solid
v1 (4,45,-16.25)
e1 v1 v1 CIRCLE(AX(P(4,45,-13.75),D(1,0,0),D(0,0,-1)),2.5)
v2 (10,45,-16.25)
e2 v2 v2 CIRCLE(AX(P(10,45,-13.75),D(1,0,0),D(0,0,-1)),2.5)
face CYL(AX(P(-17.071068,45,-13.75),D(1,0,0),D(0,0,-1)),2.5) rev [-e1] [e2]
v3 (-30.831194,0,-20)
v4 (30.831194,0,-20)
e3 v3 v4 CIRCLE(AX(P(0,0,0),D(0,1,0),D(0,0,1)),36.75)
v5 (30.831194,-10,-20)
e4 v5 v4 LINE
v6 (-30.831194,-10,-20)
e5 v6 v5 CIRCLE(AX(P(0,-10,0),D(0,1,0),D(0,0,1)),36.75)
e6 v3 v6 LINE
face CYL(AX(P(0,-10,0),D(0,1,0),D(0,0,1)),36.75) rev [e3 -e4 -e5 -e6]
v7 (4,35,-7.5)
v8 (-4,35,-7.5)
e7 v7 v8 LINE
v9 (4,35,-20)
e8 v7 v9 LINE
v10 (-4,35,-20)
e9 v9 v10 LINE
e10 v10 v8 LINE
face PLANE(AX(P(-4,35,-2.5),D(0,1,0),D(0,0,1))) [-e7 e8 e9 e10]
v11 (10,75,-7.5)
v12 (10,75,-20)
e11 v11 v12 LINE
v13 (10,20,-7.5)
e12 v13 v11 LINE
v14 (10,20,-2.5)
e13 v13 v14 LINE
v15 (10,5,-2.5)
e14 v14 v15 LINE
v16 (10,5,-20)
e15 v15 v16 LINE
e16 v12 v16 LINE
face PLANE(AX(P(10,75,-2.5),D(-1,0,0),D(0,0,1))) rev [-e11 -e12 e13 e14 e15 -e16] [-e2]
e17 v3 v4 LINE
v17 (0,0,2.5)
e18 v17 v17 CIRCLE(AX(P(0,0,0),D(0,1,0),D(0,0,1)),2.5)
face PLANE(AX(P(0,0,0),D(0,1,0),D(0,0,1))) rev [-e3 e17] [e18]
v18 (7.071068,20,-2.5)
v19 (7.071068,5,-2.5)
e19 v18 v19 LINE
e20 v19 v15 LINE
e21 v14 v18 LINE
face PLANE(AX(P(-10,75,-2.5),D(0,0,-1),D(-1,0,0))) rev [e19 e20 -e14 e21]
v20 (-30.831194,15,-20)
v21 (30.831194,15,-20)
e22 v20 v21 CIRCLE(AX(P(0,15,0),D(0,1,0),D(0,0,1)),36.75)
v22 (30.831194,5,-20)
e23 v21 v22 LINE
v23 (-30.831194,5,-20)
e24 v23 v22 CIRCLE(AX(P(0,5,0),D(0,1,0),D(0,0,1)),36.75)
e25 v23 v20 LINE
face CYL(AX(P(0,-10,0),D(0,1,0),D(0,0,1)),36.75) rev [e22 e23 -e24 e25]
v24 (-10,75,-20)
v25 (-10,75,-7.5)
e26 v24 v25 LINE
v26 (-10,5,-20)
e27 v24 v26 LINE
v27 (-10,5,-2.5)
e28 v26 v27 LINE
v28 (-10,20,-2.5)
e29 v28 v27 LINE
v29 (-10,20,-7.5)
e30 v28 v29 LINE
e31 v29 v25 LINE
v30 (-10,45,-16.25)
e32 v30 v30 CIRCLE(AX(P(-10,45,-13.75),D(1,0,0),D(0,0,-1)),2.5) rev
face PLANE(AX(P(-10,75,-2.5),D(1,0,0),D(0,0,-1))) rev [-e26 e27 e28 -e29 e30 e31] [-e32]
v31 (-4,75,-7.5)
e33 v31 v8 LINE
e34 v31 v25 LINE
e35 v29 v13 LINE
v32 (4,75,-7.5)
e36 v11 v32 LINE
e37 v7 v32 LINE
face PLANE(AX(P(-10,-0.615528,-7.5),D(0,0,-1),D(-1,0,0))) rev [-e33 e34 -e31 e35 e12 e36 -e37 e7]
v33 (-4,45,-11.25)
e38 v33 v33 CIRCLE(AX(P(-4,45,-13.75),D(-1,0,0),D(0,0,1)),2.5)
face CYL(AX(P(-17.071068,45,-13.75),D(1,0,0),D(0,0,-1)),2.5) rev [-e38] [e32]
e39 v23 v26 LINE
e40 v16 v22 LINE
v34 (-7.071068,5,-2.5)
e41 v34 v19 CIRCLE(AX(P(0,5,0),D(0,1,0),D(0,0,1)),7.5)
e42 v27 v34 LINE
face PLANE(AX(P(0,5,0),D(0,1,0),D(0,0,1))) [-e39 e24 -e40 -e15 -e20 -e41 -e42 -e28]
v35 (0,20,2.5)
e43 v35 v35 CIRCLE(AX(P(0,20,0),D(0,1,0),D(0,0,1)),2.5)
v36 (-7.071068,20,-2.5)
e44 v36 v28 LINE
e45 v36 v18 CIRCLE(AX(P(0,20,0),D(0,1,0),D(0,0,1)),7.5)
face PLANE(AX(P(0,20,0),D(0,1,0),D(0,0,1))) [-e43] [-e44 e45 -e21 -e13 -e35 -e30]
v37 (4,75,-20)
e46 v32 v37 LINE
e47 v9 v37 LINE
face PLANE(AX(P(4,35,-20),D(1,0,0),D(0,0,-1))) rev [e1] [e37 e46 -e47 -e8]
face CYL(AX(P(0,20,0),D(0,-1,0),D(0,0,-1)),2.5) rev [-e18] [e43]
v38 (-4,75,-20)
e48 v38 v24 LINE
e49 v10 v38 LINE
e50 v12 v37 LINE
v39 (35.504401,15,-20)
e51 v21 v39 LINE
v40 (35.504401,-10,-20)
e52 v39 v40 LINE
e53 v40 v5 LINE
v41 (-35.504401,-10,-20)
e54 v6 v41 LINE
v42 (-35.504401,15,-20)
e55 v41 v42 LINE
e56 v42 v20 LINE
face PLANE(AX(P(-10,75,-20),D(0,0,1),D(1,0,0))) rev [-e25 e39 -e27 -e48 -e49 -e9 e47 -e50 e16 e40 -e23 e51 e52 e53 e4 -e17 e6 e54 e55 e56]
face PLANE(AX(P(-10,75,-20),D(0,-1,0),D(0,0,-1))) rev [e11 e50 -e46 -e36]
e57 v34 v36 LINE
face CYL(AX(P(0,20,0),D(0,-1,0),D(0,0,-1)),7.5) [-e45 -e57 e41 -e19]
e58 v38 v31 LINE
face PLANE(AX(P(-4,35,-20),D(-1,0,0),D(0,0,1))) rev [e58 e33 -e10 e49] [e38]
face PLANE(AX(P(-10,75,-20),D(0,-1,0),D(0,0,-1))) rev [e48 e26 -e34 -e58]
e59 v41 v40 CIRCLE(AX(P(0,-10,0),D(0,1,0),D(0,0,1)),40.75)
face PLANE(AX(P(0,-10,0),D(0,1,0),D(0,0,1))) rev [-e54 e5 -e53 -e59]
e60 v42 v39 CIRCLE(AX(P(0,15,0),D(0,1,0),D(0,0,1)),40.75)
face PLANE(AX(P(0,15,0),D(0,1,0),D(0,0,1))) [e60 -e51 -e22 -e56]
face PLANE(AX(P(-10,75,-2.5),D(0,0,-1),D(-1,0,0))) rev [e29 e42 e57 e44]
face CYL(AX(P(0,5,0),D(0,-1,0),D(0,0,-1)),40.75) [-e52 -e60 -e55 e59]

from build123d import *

# Parameters (mm, degrees)
SKETCH_1_R                      = 7.5
SKETCH_1_R_2                    = 2.5
EXTRUDE_1_DEPTH                 = 20
SKETCH_2_R                      = 40.75
SKETCH_2_R_2                    = 2.5
EXTRUDE_2_DEPTH                 = 5
EXTRUDE_T_DEPTH                 = 10
EXTRUDE_T_DEPTH_BACK            = 15
SKETCH_3_R                      = 40.75
SKETCH_3_R_2                    = 36.75
SKETCH_4_W                      = 20
SKETCH_4_H                      = 17.5
EXTRUDE_4_DEPTH                 = 70
SKETCH_6_W                      = 8
SKETCH_6_H                      = 17.5
CUT_EXTRUDE_5_DEPTH             = 40
CUT_EXTRUDE_6_REACH             = 101.303
SKETCH_7_R                      = 2.5
CUT_EXTRUDE_7_REACH             = 96.584
SKETCH_8_W                      = 71.008802272
SKETCH_8_H                      = 20.75
CUT_EXTRUDE_7_DIRECTION_2_REACH = 96.584
CUT_EXTRUDE_START               = -55
SKETCH_9_W                      = 20
SKETCH_9_H                      = 5
CUT_EXTRUDE_8_DEPTH             = 55


with BuildPart() as part:
    # Эскиз1 → Вытянуть1 (new body)
    with BuildSketch(Plane(origin=(0, 0, 0), x_dir=(1, 0, 0), z_dir=(0, 1, 0))):
        with Locations(Location((0, 0, 0), (0, 0, 270))):
            Circle(SKETCH_1_R)
        with Locations(Location((0, 0, 0), (0, 0, 270))):
            Circle(SKETCH_1_R_2, mode=Mode.SUBTRACT)
    extrude(amount=EXTRUDE_1_DEPTH)

    # Эскиз2 → Вытянуть2 (add)
    with BuildSketch(Plane(origin=(0, 0, 0), x_dir=(1, 0, 0), z_dir=(0, 1, 0))):
        with Locations(Location((0, 0, 0), (0, 0, 270))):
            Circle(SKETCH_2_R)
        with Locations(Location((0, 0, 0), (0, 0, 270))):
            Circle(SKETCH_2_R_2, mode=Mode.SUBTRACT)
    extrude(amount=EXTRUDE_2_DEPTH)

    # Эскиз3 → t (add, two sides: drawn at the far end of the back side and taken through both)
    with BuildSketch(Plane(origin=(0, 5, 0), x_dir=(1, 0, 0), z_dir=(0, 1, 0)).offset(-EXTRUDE_T_DEPTH_BACK)):
        with Locations(Location((0, 0, 0), (0, 0, 270))):
            Circle(SKETCH_3_R)
        with Locations(Location((0, 0, 0), (0, 0, 270))):
            Circle(SKETCH_3_R_2, mode=Mode.SUBTRACT)
    extrude(amount=EXTRUDE_T_DEPTH + EXTRUDE_T_DEPTH_BACK)

    # Эскиз4 → Вытянуть4 (add)
    with BuildSketch(Plane(origin=(0, 5, 0), x_dir=(1, 0, 0), z_dir=(0, 1, 0))):
        with Locations((0, 11.25)):
            Rectangle(SKETCH_4_W, SKETCH_4_H)
    extrude(amount=EXTRUDE_4_DEPTH)

    # Эскиз6 → Вытянуть5 (cut)
    with BuildSketch(Plane(origin=(0, 75, 0), x_dir=(1, 0, 0), z_dir=(0, 1, 0))):
        with Locations((0, 11.25)):
            Rectangle(SKETCH_6_W, SKETCH_6_H)
    extrude(amount=-CUT_EXTRUDE_5_DEPTH, mode=Mode.SUBTRACT)

    # Вытянуть6: up to this face of the body (flat: up to its plane)
    cut_extrude_6_end = Plane(part.part.faces().sort_by_distance((-10, 40, -11.25))[0])
    # Эскиз7 → Вытянуть6 (cut, up to the picked face)
    with BuildSketch(Plane(origin=(10, 0, 0), x_dir=(0, 0, -1), z_dir=(1, 0, 0)), mode=Mode.PRIVATE) as cut_extrude_6_sk1:
        with Locations((13.75, 45)):
            Circle(SKETCH_7_R)
    cut_extrude_6_tool1 = split(extrude(cut_extrude_6_sk1.sketch, amount=-CUT_EXTRUDE_6_REACH, mode=Mode.PRIVATE), bisect_by=cut_extrude_6_end, keep=Keep.BOTH, mode=Mode.PRIVATE)
    add(cut_extrude_6_tool1.solids().sort_by(Axis((10, 45, -13.75), (-1, 0, 0)))[0], mode=Mode.SUBTRACT)

    # Эскиз8 → Вытянуть7 (cut, up to next)
    with BuildSketch(Plane(origin=(0, 0, 0), x_dir=(1, 0, 0), z_dir=(0, 1, 0)), mode=Mode.PRIVATE) as cut_extrude_7_sk1:
        with Locations((0, 30.375)):
            Rectangle(SKETCH_8_W, SKETCH_8_H)
    cut_extrude_7_tool1 = extrude(cut_extrude_7_sk1.sketch, amount=CUT_EXTRUDE_7_REACH, mode=Mode.PRIVATE) & part.part
    add(cut_extrude_7_tool1.solids().sort_by_distance((0, 0, -30.375))[0], mode=Mode.SUBTRACT)

    # Эскиз8 → Вытянуть7 direction 2 (cut, up to next)
    with BuildSketch(Plane(origin=(0, 0, 0), x_dir=(1, 0, 0), z_dir=(0, 1, 0)), mode=Mode.PRIVATE) as cut_extrude_7_direction_2_sk1:
        with Locations((0, 30.375)):
            Rectangle(SKETCH_8_W, SKETCH_8_H)
    cut_extrude_7_direction_2_tool1 = extrude(cut_extrude_7_direction_2_sk1.sketch, amount=-CUT_EXTRUDE_7_DIRECTION_2_REACH, mode=Mode.PRIVATE) & part.part
    add(cut_extrude_7_direction_2_tool1.solids().sort_by_distance((0, 0, -30.375))[0], mode=Mode.SUBTRACT)

    # Эскиз9 → Вытянуть8 (cut)
    with BuildSketch(Plane(origin=(0, 75, 0), x_dir=(1, 0, 0), z_dir=(0, 1, 0)).offset(CUT_EXTRUDE_START)):
        with Locations((0, 5)):
            Rectangle(SKETCH_9_W, SKETCH_9_H)
    extrude(amount=CUT_EXTRUDE_8_DEPTH, mode=Mode.SUBTRACT)


solid = part.part
